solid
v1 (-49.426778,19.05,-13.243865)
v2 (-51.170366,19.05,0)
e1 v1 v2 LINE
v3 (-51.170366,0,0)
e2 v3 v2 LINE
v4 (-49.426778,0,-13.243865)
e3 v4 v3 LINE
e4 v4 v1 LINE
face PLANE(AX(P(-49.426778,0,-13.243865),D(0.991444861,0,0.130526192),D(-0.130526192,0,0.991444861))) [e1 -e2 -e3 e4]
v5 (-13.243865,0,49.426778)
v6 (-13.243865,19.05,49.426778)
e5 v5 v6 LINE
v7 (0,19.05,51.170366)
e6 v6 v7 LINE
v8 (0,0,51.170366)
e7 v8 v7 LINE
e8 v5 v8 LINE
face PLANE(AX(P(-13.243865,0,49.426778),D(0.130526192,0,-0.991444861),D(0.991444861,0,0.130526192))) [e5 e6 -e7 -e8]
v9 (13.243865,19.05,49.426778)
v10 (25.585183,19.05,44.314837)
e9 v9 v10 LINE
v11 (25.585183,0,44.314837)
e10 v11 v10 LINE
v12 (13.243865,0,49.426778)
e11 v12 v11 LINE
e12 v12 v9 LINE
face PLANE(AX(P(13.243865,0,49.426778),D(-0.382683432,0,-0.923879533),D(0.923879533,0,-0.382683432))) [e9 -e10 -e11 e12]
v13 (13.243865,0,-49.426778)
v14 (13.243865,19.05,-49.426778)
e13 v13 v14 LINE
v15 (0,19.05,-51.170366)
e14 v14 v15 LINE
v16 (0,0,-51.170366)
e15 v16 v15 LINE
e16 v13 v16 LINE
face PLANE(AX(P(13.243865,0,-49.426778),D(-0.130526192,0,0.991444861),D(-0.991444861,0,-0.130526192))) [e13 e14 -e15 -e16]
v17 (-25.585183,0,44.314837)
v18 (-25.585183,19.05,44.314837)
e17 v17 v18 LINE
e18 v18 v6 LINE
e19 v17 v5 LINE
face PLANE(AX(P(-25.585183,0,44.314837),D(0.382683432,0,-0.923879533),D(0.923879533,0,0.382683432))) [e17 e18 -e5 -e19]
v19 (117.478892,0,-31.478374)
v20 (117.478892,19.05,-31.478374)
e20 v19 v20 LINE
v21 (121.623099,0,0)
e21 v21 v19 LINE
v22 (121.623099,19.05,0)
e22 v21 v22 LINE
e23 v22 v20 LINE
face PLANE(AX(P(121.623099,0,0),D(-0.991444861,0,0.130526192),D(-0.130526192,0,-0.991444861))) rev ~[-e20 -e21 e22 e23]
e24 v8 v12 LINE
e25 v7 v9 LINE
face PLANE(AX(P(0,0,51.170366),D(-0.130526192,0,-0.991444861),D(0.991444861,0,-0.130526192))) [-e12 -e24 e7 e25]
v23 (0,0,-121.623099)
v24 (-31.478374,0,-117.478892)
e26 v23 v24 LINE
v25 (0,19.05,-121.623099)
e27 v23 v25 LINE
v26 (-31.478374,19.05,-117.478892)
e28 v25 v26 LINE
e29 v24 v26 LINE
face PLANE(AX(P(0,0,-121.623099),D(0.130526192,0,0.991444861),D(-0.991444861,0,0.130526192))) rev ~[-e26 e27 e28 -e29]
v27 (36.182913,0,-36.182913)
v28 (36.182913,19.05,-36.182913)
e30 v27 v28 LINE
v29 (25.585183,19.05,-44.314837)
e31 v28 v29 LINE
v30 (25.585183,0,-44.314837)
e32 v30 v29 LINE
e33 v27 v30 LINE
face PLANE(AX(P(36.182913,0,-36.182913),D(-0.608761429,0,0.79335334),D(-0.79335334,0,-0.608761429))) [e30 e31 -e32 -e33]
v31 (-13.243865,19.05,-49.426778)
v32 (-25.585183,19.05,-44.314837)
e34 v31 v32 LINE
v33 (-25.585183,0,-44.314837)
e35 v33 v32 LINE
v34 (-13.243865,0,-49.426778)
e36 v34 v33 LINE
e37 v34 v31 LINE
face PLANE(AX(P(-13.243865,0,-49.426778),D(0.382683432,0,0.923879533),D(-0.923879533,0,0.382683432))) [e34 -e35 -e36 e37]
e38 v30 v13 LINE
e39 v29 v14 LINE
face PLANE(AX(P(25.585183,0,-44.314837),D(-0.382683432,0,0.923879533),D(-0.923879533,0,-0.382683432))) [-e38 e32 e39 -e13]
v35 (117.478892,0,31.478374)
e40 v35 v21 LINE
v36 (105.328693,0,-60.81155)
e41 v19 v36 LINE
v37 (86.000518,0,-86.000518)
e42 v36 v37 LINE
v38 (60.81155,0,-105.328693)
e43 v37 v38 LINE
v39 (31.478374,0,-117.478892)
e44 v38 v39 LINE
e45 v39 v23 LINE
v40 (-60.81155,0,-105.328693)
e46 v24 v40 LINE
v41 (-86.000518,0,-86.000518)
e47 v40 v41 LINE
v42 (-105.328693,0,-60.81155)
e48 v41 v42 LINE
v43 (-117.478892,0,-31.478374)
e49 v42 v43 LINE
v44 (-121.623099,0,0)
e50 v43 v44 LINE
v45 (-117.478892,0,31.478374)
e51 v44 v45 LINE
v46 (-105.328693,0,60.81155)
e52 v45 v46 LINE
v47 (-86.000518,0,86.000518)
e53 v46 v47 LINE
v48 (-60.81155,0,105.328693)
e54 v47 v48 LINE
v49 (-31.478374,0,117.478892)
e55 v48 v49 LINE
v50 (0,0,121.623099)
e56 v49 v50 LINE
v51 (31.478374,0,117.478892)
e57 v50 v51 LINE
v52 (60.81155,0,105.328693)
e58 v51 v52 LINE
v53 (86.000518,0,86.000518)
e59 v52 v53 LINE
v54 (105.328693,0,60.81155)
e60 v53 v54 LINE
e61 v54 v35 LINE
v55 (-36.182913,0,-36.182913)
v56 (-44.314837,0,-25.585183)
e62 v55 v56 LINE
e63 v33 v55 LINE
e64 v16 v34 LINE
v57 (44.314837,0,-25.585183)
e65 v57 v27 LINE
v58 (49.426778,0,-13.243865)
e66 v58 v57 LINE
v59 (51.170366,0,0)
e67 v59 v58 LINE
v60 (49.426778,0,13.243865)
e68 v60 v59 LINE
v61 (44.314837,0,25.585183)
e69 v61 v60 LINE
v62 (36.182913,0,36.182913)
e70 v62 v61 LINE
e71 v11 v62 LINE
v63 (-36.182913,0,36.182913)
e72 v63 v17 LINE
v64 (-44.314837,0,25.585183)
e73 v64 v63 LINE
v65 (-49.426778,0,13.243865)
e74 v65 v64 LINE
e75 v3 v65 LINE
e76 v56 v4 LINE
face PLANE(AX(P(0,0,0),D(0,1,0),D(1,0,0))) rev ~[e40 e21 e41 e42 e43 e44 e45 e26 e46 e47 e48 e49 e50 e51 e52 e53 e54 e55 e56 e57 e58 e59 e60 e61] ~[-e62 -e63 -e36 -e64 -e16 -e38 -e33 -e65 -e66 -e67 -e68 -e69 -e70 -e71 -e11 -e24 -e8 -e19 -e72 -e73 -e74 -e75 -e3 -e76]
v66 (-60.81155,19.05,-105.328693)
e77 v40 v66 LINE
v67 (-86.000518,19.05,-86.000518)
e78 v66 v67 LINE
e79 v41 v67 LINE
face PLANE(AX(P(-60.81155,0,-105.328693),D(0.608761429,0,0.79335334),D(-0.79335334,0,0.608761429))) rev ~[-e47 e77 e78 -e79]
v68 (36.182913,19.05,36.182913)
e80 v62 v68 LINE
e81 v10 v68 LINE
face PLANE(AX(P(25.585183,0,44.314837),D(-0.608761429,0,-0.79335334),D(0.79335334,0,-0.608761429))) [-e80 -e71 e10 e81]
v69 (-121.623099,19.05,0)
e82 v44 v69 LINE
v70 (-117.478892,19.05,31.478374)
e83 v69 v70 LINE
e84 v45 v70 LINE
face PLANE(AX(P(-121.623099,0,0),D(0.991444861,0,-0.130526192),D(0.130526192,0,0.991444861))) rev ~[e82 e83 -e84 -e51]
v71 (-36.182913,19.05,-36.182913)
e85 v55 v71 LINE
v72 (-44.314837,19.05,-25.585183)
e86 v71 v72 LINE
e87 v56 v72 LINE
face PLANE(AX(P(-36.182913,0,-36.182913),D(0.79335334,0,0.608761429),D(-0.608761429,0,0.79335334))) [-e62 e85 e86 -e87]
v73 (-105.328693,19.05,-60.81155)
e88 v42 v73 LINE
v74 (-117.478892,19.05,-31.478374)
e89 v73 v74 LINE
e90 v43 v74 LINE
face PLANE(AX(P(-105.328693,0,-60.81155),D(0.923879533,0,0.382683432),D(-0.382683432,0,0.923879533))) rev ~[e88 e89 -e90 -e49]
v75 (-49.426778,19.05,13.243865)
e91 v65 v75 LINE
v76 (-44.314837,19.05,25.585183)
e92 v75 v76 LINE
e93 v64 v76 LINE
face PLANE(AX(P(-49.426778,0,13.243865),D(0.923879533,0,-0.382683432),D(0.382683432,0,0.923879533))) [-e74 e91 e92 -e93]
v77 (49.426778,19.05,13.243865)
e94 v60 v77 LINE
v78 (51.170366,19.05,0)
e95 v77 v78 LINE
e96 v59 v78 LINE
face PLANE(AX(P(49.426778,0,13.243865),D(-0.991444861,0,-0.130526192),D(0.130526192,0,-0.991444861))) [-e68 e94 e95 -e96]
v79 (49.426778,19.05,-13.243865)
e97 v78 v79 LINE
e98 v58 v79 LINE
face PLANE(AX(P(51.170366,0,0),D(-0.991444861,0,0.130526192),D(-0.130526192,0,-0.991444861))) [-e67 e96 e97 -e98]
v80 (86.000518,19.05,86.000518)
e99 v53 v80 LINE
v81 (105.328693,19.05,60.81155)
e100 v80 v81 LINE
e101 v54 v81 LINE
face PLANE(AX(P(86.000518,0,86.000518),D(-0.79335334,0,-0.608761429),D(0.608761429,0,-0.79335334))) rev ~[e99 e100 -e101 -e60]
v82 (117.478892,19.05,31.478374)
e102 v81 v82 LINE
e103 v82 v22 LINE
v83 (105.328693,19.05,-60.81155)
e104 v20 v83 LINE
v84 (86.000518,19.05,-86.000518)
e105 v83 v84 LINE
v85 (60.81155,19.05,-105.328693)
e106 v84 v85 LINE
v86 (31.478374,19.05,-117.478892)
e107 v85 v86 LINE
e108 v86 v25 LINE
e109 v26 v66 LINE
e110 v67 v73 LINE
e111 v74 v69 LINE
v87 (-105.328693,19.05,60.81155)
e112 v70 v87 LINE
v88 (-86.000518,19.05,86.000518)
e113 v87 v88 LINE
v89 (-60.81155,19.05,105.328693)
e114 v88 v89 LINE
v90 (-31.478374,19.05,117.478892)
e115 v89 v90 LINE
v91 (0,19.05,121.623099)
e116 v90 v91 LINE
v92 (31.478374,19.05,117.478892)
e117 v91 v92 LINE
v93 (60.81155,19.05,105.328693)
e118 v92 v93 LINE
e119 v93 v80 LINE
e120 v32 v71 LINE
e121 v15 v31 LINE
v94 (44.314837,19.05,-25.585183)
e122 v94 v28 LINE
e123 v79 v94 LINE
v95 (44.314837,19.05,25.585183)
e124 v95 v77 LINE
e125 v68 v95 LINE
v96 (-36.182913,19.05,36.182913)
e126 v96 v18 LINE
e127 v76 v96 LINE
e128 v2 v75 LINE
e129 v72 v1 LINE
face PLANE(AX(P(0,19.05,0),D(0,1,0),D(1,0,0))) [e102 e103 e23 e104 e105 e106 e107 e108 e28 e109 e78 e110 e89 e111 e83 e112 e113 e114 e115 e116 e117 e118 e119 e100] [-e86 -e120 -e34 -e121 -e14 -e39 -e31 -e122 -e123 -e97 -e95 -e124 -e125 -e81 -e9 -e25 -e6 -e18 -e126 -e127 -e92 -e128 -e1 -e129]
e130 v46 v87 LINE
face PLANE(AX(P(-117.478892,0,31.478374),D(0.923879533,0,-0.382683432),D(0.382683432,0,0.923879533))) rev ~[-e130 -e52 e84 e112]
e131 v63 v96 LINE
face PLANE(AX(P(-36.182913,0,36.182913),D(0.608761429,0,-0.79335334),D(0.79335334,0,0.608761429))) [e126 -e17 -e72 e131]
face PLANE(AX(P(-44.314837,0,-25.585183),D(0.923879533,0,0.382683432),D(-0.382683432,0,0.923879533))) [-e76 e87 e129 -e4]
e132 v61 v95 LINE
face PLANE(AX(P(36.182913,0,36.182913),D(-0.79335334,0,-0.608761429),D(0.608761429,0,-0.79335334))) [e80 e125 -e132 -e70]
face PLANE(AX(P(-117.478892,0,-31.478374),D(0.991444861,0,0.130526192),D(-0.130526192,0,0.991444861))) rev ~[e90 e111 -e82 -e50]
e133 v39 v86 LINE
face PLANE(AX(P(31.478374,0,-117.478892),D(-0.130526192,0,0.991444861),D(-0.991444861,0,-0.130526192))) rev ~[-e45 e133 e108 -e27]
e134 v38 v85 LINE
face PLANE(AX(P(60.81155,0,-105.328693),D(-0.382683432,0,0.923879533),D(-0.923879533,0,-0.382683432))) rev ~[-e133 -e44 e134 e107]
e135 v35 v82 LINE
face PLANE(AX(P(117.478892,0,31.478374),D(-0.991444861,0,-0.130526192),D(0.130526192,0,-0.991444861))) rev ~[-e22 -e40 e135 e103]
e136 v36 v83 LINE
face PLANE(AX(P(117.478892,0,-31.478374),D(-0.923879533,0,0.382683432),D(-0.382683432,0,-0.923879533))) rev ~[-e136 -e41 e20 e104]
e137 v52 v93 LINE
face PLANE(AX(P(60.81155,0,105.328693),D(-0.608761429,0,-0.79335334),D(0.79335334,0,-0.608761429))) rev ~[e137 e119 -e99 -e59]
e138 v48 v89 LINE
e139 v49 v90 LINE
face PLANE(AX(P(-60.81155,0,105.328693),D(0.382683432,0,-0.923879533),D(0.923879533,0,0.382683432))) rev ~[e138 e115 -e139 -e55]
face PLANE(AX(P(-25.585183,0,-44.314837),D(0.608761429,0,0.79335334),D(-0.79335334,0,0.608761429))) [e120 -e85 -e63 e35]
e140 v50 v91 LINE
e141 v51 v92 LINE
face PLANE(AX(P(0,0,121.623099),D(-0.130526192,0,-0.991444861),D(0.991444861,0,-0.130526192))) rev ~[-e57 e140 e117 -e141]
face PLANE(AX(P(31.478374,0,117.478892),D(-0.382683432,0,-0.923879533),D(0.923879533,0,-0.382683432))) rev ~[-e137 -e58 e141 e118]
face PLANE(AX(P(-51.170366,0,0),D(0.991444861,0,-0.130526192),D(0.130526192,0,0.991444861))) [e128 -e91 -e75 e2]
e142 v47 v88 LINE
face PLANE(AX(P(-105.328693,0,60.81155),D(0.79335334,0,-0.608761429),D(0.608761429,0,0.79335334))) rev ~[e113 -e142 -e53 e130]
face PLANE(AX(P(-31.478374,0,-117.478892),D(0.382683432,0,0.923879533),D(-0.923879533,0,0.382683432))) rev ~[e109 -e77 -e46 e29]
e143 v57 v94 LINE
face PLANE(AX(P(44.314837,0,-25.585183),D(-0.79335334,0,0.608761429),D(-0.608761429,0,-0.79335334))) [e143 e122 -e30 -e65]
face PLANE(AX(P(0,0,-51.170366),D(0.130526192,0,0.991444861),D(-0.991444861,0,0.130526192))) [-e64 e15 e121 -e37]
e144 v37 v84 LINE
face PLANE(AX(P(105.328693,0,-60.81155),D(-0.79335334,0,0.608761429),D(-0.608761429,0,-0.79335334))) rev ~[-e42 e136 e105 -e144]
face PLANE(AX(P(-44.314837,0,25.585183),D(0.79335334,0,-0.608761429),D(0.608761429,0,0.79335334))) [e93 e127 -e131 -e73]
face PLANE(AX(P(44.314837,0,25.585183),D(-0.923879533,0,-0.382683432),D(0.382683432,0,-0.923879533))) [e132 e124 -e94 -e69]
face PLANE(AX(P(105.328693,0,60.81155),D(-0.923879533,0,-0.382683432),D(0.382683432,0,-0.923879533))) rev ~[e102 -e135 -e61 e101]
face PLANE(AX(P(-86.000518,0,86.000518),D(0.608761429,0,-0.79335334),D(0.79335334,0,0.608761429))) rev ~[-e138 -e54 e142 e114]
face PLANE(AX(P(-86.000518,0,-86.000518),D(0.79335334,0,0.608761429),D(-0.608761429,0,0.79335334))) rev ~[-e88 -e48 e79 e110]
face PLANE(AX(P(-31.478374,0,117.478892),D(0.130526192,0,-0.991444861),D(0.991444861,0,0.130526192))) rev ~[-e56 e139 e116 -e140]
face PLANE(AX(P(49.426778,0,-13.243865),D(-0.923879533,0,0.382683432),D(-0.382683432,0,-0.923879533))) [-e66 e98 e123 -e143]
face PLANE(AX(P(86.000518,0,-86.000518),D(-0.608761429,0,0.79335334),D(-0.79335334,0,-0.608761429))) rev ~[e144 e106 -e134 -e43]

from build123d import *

# Parameters (mm, degrees)
BOSS_EXTRUDE2_DEPTH = 19.05


with BuildPart() as part:
    # Sketch2 → Boss-Extrude2 (new body)
    with BuildSketch(Plane(origin=(0, 0, 0), x_dir=(1, 0, 0), z_dir=(0, 1, 0))):
        Polygon((-121.623099012, 0), (-117.478892409, -31.478374349), (-105.328693431, -60.811549506), (-86.00051806, -86.00051806), (-60.811549506, -105.328693431), (-31.478374349, -117.478892409), (0, -121.623099012), (31.478374349, -117.478892409), (60.811549506, -105.328693431), (86.00051806, -86.00051806), (105.328693431, -60.811549506), (117.478892409, -31.478374349), (121.623099012, 0), (117.478892409, 31.478374349), (105.328693431, 60.811549506), (86.00051806, 86.00051806), (60.811549506, 105.328693431), (31.478374349, 117.478892409), (0, 121.623099012), (-31.478374349, 117.478892409), (-60.811549506, 105.328693431), (-86.00051806, 86.00051806), (-105.328693431, 60.811549506), (-117.478892409, 31.478374349), align=None)
        Polygon((-51.170366115, 0), (-49.426778171, -13.243865295), (-44.314836977, -25.585183058), (-36.182912876, -36.182912876), (-25.585183058, -44.314836977), (-13.243865295, -49.426778171), (0, -51.170366115), (13.243865295, -49.426778171), (25.585183058, -44.314836977), (36.182912876, -36.182912876), (44.314836977, -25.585183058), (49.426778171, -13.243865295), (51.170366115, 0), (49.426778171, 13.243865295), (44.314836977, 25.585183058), (36.182912876, 36.182912876), (25.585183058, 44.314836977), (13.243865295, 49.426778171), (0, 51.170366115), (-13.243865295, 49.426778171), (-25.585183058, 44.314836977), (-36.182912876, 36.182912876), (-44.314836977, 25.585183058), (-49.426778171, 13.243865295), align=None, mode=Mode.SUBTRACT)
    extrude(amount=BOSS_EXTRUDE2_DEPTH)


solid = part.part
